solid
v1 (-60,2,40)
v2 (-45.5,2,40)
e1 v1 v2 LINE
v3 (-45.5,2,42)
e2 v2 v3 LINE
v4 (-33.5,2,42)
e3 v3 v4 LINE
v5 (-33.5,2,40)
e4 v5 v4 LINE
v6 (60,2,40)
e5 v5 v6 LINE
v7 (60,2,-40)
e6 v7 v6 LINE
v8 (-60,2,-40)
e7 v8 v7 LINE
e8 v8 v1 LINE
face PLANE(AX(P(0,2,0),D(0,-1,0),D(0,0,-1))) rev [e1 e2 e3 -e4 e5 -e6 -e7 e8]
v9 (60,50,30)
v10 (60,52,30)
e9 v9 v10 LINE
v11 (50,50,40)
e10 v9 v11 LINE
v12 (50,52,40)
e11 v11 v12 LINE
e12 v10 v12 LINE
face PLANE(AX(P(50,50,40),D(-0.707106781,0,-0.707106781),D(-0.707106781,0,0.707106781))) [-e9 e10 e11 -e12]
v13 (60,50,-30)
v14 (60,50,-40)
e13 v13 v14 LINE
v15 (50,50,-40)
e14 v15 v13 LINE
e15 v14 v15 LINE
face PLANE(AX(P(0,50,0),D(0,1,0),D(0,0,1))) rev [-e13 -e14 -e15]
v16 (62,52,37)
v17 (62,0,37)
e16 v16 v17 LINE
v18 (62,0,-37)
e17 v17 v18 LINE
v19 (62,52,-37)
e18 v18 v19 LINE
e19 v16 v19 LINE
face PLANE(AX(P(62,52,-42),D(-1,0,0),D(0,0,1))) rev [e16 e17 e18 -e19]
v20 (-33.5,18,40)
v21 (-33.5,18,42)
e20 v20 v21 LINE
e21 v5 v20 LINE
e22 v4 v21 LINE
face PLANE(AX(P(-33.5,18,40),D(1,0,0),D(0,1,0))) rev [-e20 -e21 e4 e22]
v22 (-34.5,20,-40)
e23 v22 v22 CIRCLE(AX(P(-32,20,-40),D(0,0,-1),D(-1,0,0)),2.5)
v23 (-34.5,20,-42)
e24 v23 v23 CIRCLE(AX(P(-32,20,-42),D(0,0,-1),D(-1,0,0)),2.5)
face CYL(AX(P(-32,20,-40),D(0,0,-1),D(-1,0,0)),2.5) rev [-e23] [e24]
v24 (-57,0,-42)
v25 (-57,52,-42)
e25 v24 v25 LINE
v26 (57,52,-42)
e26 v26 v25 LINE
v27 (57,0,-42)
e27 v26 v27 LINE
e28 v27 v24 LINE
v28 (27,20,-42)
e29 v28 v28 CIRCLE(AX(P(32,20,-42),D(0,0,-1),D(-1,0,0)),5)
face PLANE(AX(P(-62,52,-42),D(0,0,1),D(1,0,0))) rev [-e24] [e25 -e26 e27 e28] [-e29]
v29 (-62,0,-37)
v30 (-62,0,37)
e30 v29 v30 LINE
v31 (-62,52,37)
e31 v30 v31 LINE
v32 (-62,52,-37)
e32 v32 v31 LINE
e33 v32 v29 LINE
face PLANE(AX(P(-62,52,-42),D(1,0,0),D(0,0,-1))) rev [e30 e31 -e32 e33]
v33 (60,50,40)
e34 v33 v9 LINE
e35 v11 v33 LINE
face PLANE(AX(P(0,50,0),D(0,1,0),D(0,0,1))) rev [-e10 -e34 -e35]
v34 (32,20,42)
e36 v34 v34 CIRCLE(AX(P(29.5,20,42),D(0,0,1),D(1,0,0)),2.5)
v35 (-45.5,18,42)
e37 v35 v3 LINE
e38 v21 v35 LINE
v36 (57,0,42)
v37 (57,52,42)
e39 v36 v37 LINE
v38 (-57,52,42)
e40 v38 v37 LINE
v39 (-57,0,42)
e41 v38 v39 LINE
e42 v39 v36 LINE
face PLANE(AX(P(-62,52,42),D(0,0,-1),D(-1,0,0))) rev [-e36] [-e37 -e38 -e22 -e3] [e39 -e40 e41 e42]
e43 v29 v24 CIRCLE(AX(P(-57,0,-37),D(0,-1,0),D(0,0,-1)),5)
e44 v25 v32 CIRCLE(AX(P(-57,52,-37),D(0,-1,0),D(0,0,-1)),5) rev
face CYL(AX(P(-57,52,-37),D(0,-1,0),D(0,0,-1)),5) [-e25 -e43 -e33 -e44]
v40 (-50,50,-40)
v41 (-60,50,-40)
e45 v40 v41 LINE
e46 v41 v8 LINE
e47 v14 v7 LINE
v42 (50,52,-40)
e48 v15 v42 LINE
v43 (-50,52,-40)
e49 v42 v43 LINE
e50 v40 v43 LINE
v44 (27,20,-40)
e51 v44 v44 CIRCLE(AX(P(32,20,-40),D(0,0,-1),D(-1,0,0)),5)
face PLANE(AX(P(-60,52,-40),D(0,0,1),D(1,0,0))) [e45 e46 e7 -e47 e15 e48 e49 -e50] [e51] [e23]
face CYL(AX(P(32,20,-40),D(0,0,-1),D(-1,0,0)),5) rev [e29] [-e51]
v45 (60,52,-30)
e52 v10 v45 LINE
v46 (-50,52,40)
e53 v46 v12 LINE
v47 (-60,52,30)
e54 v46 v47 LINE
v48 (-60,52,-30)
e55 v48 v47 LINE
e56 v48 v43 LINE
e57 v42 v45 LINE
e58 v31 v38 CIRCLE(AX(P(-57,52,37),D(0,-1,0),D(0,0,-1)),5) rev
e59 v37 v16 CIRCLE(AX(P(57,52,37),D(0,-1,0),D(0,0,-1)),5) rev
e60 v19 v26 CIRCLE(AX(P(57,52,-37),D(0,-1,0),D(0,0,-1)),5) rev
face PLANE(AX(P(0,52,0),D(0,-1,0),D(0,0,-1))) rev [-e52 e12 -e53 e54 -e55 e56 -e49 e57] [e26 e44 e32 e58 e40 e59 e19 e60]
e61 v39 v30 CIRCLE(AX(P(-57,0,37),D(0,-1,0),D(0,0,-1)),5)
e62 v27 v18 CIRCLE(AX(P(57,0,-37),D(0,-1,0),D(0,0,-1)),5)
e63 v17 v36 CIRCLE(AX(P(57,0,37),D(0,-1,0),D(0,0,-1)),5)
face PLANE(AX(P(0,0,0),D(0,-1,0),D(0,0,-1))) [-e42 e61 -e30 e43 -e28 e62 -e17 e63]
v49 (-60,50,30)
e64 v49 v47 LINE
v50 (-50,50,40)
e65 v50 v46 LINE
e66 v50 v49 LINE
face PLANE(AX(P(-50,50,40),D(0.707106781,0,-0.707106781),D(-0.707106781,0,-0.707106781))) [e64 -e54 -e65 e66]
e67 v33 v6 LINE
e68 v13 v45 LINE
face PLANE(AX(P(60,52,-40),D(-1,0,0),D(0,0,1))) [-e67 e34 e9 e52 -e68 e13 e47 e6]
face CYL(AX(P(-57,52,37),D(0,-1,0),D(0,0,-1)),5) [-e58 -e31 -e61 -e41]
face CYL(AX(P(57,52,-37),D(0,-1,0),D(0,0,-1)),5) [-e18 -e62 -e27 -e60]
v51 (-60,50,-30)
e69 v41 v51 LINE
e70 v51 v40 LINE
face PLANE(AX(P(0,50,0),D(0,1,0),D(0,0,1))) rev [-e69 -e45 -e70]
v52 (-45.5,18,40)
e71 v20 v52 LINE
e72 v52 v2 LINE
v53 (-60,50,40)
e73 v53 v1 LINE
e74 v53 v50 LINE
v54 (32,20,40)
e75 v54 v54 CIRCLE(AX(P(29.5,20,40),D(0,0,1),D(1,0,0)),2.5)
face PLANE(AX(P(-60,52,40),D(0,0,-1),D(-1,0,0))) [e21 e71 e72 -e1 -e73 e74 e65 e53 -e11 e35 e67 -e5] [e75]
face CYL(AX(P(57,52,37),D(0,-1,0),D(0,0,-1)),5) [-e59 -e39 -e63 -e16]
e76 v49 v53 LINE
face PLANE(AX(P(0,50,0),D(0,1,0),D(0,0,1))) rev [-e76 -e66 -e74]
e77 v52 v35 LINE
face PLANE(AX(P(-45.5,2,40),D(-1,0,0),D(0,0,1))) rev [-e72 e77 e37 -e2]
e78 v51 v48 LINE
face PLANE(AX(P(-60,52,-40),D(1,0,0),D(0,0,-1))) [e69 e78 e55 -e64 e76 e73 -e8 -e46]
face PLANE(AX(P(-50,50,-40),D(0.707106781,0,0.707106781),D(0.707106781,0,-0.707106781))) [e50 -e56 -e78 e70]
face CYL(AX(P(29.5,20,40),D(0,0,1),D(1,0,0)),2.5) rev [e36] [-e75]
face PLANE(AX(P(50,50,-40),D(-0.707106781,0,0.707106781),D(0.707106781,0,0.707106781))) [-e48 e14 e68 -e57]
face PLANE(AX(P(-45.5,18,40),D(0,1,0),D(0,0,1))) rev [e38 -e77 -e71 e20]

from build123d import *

# Parameters (mm, degrees)
SKETCH1_W           = 120
SKETCH1_H           = 80
BOSS_EXTRUDE1_DEPTH = 2
SKETCH1_3_W         = 124
SKETCH1_3_H         = 84
SKETCH1_3_W_2       = 120
SKETCH1_3_H_2       = 80
BOSS_EXTRUDE2_DEPTH = 52
SKETCH2_W           = 12
SKETCH2_H           = 16
CUT_EXTRUDE1_DEPTH  = 2
SKETCH3_R           = 2.5
CUT_EXTRUDE3_DEPTH  = 2
SKETCH5_R           = 5
SKETCH5_R_2         = 2.5
CUT_EXTRUDE6_DEPTH  = 2
FILLET1_R           = 5
FILLET2_R           = 5
FILLET3_R           = 5
FILLET4_R           = 5
BOSS_EXTRUDE3_DEPTH = 2


with BuildPart() as part:
    # Sketch1 → Boss-Extrude1 (new body)
    with BuildSketch(Plane(origin=(0, 0, 0), x_dir=(1, 0, 0), z_dir=(0, 1, 0))):
        Rectangle(SKETCH1_W, SKETCH1_H)
    extrude(amount=BOSS_EXTRUDE1_DEPTH)

    # Sketch1<3> → Boss-Extrude2 (add)
    with BuildSketch(Plane(origin=(0, 0, 0), x_dir=(1, 0, 0), z_dir=(0, 1, 0))):
        Rectangle(SKETCH1_3_W, SKETCH1_3_H)
        Rectangle(SKETCH1_3_W_2, SKETCH1_3_H_2, mode=Mode.SUBTRACT)
    extrude(amount=BOSS_EXTRUDE2_DEPTH)

    # Sketch2 → Cut-Extrude1 (cut)
    with BuildSketch(Plane.XY.offset(42)):
        with Locations((-39.5, 10)):
            Rectangle(SKETCH2_W, SKETCH2_H)
    extrude(amount=-CUT_EXTRUDE1_DEPTH, mode=Mode.SUBTRACT)

    # Sketch3 → Cut-Extrude3 (cut)
    with BuildSketch(Plane.XY.offset(42)):
        with Locations((29.5, 20)):
            Circle(SKETCH3_R)
    extrude(amount=-CUT_EXTRUDE3_DEPTH, mode=Mode.SUBTRACT)

    # Sketch5 → Cut-Extrude6 (cut)
    with BuildSketch(Plane(origin=(0, 0, -42), x_dir=(-1, 0, 0), z_dir=(0, 0, -1))):
        with Locations((-32, 20)):
            Circle(SKETCH5_R)
        with Locations((32, 20)):
            Circle(SKETCH5_R_2)
    extrude(amount=-CUT_EXTRUDE6_DEPTH, mode=Mode.SUBTRACT)

    # Fillet1
    fillet1_edges = [part.edges().sort_by_distance(p)[0] for p in [
        (62, 26, -42),
    ]]
    fillet(fillet1_edges, radius=FILLET1_R)

    # Fillet2
    fillet2_edges = [part.edges().sort_by_distance(p)[0] for p in [
        (62, 26, 42),
    ]]
    fillet(fillet2_edges, radius=FILLET2_R)

    # Fillet3
    fillet3_edges = [part.edges().sort_by_distance(p)[0] for p in [
        (-62, 26, -42),
    ]]
    fillet(fillet3_edges, radius=FILLET3_R)

    # Fillet4
    fillet4_edges = [part.edges().sort_by_distance(p)[0] for p in [
        (-62, 26, 42),
    ]]
    fillet(fillet4_edges, radius=FILLET4_R)

    # Sketch6 → Boss-Extrude3 (add)
    with BuildSketch(Plane(origin=(0, 52, 0), x_dir=(1, 0, 0), z_dir=(0, 1, 0))):
        Polygon((-50, 40), (-60, 30), (-60, 40), align=None)
        Polygon((-60, -30), (-60, -40), (-50, -40), align=None)
        Polygon((50, -40), (60, -30), (60, -40), align=None)
        Polygon((60, 30), (60, 40), (50, 40), align=None)
    extrude(amount=-BOSS_EXTRUDE3_DEPTH)


solid = part.part
